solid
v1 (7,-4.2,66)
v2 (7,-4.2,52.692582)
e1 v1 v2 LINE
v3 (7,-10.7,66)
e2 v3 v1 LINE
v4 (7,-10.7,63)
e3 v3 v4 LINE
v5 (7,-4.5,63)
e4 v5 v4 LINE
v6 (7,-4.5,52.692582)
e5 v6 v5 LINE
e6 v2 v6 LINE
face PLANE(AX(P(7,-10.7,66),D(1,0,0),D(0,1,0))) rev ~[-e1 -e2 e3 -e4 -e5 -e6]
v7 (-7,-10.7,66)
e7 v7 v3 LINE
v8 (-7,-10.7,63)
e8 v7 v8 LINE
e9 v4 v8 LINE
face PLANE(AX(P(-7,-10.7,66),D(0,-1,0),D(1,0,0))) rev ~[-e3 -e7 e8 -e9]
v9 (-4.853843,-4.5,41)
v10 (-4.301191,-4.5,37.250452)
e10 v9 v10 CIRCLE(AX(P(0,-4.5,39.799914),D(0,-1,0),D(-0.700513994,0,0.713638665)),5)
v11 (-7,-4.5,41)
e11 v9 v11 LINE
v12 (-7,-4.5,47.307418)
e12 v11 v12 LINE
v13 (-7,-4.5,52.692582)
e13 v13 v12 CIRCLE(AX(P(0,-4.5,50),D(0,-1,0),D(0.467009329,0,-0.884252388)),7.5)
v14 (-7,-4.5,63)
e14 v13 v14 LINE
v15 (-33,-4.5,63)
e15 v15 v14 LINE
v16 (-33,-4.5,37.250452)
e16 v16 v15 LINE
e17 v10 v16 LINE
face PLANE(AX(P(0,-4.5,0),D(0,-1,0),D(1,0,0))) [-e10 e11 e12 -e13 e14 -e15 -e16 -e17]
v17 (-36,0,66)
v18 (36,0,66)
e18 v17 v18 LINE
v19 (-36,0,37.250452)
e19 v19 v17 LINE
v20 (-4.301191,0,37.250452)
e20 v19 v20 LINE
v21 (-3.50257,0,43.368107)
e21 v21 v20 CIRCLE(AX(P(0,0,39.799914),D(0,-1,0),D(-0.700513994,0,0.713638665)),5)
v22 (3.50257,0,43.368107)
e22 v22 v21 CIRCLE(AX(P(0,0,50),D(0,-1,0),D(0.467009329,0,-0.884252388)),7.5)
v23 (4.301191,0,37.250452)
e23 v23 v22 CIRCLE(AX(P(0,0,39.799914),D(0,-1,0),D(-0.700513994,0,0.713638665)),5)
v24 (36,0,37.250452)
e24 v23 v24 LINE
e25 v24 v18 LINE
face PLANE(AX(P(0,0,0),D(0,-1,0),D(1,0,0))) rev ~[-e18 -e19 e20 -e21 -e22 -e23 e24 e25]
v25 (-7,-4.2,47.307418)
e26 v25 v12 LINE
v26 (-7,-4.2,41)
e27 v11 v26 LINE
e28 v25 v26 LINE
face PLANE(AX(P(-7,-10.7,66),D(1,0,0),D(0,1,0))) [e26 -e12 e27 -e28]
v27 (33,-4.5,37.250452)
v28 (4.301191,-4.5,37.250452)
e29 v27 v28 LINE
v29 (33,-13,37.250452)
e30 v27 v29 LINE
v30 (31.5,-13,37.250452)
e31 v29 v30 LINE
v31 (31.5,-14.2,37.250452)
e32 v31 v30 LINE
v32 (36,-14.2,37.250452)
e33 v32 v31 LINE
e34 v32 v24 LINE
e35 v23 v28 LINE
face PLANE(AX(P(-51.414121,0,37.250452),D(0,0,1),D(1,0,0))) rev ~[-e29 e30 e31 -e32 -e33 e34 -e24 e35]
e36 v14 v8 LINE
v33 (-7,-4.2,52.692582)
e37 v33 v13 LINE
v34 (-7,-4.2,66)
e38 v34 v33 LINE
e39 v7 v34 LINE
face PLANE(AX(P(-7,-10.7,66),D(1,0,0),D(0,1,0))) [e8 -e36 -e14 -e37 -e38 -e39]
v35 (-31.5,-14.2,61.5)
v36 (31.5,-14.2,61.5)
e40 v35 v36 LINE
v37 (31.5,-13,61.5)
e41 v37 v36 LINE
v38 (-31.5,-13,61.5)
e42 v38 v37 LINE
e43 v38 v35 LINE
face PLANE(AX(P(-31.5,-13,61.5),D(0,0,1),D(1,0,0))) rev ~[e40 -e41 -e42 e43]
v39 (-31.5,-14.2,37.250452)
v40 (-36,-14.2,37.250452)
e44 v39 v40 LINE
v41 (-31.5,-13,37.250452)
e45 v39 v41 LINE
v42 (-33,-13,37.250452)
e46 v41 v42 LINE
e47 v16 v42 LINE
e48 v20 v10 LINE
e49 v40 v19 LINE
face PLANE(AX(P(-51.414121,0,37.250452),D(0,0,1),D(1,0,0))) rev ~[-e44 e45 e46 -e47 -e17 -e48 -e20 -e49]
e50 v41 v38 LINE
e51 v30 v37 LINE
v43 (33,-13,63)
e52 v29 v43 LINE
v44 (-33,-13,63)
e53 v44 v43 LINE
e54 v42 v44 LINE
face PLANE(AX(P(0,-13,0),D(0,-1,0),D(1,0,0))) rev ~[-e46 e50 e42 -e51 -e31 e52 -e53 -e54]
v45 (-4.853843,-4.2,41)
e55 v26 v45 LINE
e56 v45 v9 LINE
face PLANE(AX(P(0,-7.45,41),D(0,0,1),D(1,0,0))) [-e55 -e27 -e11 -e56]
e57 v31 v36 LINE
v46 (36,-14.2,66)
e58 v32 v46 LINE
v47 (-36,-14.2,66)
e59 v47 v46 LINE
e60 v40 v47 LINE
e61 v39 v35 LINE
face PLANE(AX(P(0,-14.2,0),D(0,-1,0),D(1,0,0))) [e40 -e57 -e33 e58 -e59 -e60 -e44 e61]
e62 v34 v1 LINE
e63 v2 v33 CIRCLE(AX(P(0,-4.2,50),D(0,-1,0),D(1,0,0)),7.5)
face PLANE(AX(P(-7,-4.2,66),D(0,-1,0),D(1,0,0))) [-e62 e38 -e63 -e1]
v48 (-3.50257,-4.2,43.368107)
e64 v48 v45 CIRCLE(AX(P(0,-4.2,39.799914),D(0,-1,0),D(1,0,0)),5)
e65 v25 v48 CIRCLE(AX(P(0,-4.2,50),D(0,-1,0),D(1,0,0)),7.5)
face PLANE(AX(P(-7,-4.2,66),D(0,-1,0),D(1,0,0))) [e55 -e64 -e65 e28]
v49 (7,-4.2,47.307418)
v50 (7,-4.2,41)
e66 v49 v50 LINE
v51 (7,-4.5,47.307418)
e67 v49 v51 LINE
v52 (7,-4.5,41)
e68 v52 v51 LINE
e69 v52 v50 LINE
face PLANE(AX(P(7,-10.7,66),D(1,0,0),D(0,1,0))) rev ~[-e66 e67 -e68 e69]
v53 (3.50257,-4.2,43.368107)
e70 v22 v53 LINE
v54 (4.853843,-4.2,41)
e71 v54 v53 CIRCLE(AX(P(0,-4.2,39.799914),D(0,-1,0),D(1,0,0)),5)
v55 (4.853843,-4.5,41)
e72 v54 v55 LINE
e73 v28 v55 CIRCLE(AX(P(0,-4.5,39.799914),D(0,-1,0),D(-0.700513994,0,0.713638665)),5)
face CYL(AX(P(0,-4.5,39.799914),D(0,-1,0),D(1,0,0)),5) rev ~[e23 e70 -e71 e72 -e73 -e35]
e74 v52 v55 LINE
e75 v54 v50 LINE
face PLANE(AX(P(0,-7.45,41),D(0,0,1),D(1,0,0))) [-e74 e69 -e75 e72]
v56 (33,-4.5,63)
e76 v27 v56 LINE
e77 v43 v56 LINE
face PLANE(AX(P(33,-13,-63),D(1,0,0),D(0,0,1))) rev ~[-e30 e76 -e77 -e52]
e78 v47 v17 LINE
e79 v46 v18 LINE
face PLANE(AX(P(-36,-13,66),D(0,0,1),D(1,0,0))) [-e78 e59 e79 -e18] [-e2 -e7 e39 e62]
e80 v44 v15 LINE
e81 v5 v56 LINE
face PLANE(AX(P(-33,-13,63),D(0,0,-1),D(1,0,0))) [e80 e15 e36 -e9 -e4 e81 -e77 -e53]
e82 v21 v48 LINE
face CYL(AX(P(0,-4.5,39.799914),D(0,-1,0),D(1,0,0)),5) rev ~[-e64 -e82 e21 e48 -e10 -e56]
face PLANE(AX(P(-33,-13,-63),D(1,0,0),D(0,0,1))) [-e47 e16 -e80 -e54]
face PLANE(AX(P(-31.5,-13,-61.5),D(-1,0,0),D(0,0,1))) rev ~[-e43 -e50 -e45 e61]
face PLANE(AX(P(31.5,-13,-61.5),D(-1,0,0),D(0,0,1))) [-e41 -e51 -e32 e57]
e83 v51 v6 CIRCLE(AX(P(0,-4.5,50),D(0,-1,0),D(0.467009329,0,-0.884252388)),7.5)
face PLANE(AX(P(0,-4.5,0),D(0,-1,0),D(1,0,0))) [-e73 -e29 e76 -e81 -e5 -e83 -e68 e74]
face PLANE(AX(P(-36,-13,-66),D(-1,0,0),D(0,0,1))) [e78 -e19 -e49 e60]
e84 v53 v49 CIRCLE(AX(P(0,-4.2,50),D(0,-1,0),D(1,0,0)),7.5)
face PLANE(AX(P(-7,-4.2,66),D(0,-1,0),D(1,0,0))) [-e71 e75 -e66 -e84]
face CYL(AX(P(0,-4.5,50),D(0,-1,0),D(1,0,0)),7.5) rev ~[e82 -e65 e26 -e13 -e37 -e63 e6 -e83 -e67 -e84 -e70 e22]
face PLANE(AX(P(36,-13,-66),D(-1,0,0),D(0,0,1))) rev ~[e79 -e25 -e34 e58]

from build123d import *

# Parameters (mm, degrees)
F0_W      = 72
F0_H      = 132
F1_DEPTH  = 13
F2_W      = 66
F2_H      = 126
F3_DEPTH  = 8.5
F4_W      = 72
F4_H      = 132
F4_W_2    = 66
F4_H_2    = 126
F4_W_3    = 63
F4_H_3    = 123
F5_DEPTH  = 1.2
F6_R      = 7.5
F7_DEPTH  = 25
F8_DEPTH  = 25
F9_R      = 5
F10_DEPTH = 25
F11_W     = 14
F11_H     = 6.5
F12_DEPTH = 25
F13_W     = 35
F13_H     = 3
F14_DEPTH = 25
F15_W     = 95.4631343484
F15_H     = 107.6438874006
F16_DEPTH = 14.201


with BuildPart() as f1:
    # F0 (on Front) → F1 (new body)
    with BuildSketch(Plane.XZ):
        Rectangle(F0_W, F0_H)
    extrude(amount=F1_DEPTH)

    # F2 (on face) → F3 (cut)
    with BuildSketch(Plane.XZ.offset(13)):
        Rectangle(F2_W, F2_H)
    extrude(amount=-F3_DEPTH, mode=Mode.SUBTRACT)

    # F4 (on face) → F5 (join)
    with BuildSketch(Plane.XZ.offset(13)):
        Rectangle(F4_W, F4_H)
        Rectangle(F4_W_2, F4_H_2, mode=Mode.SUBTRACT)
        Rectangle(F4_W_2, F4_H_2)
        Rectangle(F4_W_3, F4_H_3, mode=Mode.SUBTRACT)
    extrude(amount=F5_DEPTH)

    # F6 (on face) → F7 (cut)
    with BuildSketch(Plane.XZ.offset(4.5)):
        with Locations((0, 50)):
            Circle(F6_R)
    extrude(amount=-F7_DEPTH, mode=Mode.SUBTRACT)

    # F6 (on face) → F8 (cut)
    with BuildSketch(Plane.XZ.offset(4.5)):
        with Locations((0, 50)):
            Circle(F6_R)
    extrude(amount=-F8_DEPTH, mode=Mode.SUBTRACT)

    # F9 (on face) → F10 (cut)
    with BuildSketch(Plane.XZ.offset(4.5)):
        with Locations((0, 39.799913764)):
            Circle(F9_R)
    extrude(amount=-F10_DEPTH, mode=Mode.SUBTRACT)

    # F11 (on face) → F12 (cut)
    with BuildSketch(Plane.XY.offset(66)):
        with Locations((0, -7.45)):
            Rectangle(F11_W, F11_H)
    extrude(amount=-F12_DEPTH, mode=Mode.SUBTRACT)

    # F13 (on face) → F14 (cut)
    with BuildSketch(Plane.XZ.offset(4.5)):
        with Locations((0, -54)):
            Rectangle(F13_W, F13_H)
    extrude(amount=-F14_DEPTH, mode=Mode.SUBTRACT)

    # F15 (on Front) → F16 (cut, through all)
    with BuildSketch(Plane.XZ):
        with Locations((-3.6825537682, -16.5714919567)):
            Rectangle(F15_W, F15_H)
    extrude(amount=F16_DEPTH, mode=Mode.SUBTRACT)


solid = f1.part
